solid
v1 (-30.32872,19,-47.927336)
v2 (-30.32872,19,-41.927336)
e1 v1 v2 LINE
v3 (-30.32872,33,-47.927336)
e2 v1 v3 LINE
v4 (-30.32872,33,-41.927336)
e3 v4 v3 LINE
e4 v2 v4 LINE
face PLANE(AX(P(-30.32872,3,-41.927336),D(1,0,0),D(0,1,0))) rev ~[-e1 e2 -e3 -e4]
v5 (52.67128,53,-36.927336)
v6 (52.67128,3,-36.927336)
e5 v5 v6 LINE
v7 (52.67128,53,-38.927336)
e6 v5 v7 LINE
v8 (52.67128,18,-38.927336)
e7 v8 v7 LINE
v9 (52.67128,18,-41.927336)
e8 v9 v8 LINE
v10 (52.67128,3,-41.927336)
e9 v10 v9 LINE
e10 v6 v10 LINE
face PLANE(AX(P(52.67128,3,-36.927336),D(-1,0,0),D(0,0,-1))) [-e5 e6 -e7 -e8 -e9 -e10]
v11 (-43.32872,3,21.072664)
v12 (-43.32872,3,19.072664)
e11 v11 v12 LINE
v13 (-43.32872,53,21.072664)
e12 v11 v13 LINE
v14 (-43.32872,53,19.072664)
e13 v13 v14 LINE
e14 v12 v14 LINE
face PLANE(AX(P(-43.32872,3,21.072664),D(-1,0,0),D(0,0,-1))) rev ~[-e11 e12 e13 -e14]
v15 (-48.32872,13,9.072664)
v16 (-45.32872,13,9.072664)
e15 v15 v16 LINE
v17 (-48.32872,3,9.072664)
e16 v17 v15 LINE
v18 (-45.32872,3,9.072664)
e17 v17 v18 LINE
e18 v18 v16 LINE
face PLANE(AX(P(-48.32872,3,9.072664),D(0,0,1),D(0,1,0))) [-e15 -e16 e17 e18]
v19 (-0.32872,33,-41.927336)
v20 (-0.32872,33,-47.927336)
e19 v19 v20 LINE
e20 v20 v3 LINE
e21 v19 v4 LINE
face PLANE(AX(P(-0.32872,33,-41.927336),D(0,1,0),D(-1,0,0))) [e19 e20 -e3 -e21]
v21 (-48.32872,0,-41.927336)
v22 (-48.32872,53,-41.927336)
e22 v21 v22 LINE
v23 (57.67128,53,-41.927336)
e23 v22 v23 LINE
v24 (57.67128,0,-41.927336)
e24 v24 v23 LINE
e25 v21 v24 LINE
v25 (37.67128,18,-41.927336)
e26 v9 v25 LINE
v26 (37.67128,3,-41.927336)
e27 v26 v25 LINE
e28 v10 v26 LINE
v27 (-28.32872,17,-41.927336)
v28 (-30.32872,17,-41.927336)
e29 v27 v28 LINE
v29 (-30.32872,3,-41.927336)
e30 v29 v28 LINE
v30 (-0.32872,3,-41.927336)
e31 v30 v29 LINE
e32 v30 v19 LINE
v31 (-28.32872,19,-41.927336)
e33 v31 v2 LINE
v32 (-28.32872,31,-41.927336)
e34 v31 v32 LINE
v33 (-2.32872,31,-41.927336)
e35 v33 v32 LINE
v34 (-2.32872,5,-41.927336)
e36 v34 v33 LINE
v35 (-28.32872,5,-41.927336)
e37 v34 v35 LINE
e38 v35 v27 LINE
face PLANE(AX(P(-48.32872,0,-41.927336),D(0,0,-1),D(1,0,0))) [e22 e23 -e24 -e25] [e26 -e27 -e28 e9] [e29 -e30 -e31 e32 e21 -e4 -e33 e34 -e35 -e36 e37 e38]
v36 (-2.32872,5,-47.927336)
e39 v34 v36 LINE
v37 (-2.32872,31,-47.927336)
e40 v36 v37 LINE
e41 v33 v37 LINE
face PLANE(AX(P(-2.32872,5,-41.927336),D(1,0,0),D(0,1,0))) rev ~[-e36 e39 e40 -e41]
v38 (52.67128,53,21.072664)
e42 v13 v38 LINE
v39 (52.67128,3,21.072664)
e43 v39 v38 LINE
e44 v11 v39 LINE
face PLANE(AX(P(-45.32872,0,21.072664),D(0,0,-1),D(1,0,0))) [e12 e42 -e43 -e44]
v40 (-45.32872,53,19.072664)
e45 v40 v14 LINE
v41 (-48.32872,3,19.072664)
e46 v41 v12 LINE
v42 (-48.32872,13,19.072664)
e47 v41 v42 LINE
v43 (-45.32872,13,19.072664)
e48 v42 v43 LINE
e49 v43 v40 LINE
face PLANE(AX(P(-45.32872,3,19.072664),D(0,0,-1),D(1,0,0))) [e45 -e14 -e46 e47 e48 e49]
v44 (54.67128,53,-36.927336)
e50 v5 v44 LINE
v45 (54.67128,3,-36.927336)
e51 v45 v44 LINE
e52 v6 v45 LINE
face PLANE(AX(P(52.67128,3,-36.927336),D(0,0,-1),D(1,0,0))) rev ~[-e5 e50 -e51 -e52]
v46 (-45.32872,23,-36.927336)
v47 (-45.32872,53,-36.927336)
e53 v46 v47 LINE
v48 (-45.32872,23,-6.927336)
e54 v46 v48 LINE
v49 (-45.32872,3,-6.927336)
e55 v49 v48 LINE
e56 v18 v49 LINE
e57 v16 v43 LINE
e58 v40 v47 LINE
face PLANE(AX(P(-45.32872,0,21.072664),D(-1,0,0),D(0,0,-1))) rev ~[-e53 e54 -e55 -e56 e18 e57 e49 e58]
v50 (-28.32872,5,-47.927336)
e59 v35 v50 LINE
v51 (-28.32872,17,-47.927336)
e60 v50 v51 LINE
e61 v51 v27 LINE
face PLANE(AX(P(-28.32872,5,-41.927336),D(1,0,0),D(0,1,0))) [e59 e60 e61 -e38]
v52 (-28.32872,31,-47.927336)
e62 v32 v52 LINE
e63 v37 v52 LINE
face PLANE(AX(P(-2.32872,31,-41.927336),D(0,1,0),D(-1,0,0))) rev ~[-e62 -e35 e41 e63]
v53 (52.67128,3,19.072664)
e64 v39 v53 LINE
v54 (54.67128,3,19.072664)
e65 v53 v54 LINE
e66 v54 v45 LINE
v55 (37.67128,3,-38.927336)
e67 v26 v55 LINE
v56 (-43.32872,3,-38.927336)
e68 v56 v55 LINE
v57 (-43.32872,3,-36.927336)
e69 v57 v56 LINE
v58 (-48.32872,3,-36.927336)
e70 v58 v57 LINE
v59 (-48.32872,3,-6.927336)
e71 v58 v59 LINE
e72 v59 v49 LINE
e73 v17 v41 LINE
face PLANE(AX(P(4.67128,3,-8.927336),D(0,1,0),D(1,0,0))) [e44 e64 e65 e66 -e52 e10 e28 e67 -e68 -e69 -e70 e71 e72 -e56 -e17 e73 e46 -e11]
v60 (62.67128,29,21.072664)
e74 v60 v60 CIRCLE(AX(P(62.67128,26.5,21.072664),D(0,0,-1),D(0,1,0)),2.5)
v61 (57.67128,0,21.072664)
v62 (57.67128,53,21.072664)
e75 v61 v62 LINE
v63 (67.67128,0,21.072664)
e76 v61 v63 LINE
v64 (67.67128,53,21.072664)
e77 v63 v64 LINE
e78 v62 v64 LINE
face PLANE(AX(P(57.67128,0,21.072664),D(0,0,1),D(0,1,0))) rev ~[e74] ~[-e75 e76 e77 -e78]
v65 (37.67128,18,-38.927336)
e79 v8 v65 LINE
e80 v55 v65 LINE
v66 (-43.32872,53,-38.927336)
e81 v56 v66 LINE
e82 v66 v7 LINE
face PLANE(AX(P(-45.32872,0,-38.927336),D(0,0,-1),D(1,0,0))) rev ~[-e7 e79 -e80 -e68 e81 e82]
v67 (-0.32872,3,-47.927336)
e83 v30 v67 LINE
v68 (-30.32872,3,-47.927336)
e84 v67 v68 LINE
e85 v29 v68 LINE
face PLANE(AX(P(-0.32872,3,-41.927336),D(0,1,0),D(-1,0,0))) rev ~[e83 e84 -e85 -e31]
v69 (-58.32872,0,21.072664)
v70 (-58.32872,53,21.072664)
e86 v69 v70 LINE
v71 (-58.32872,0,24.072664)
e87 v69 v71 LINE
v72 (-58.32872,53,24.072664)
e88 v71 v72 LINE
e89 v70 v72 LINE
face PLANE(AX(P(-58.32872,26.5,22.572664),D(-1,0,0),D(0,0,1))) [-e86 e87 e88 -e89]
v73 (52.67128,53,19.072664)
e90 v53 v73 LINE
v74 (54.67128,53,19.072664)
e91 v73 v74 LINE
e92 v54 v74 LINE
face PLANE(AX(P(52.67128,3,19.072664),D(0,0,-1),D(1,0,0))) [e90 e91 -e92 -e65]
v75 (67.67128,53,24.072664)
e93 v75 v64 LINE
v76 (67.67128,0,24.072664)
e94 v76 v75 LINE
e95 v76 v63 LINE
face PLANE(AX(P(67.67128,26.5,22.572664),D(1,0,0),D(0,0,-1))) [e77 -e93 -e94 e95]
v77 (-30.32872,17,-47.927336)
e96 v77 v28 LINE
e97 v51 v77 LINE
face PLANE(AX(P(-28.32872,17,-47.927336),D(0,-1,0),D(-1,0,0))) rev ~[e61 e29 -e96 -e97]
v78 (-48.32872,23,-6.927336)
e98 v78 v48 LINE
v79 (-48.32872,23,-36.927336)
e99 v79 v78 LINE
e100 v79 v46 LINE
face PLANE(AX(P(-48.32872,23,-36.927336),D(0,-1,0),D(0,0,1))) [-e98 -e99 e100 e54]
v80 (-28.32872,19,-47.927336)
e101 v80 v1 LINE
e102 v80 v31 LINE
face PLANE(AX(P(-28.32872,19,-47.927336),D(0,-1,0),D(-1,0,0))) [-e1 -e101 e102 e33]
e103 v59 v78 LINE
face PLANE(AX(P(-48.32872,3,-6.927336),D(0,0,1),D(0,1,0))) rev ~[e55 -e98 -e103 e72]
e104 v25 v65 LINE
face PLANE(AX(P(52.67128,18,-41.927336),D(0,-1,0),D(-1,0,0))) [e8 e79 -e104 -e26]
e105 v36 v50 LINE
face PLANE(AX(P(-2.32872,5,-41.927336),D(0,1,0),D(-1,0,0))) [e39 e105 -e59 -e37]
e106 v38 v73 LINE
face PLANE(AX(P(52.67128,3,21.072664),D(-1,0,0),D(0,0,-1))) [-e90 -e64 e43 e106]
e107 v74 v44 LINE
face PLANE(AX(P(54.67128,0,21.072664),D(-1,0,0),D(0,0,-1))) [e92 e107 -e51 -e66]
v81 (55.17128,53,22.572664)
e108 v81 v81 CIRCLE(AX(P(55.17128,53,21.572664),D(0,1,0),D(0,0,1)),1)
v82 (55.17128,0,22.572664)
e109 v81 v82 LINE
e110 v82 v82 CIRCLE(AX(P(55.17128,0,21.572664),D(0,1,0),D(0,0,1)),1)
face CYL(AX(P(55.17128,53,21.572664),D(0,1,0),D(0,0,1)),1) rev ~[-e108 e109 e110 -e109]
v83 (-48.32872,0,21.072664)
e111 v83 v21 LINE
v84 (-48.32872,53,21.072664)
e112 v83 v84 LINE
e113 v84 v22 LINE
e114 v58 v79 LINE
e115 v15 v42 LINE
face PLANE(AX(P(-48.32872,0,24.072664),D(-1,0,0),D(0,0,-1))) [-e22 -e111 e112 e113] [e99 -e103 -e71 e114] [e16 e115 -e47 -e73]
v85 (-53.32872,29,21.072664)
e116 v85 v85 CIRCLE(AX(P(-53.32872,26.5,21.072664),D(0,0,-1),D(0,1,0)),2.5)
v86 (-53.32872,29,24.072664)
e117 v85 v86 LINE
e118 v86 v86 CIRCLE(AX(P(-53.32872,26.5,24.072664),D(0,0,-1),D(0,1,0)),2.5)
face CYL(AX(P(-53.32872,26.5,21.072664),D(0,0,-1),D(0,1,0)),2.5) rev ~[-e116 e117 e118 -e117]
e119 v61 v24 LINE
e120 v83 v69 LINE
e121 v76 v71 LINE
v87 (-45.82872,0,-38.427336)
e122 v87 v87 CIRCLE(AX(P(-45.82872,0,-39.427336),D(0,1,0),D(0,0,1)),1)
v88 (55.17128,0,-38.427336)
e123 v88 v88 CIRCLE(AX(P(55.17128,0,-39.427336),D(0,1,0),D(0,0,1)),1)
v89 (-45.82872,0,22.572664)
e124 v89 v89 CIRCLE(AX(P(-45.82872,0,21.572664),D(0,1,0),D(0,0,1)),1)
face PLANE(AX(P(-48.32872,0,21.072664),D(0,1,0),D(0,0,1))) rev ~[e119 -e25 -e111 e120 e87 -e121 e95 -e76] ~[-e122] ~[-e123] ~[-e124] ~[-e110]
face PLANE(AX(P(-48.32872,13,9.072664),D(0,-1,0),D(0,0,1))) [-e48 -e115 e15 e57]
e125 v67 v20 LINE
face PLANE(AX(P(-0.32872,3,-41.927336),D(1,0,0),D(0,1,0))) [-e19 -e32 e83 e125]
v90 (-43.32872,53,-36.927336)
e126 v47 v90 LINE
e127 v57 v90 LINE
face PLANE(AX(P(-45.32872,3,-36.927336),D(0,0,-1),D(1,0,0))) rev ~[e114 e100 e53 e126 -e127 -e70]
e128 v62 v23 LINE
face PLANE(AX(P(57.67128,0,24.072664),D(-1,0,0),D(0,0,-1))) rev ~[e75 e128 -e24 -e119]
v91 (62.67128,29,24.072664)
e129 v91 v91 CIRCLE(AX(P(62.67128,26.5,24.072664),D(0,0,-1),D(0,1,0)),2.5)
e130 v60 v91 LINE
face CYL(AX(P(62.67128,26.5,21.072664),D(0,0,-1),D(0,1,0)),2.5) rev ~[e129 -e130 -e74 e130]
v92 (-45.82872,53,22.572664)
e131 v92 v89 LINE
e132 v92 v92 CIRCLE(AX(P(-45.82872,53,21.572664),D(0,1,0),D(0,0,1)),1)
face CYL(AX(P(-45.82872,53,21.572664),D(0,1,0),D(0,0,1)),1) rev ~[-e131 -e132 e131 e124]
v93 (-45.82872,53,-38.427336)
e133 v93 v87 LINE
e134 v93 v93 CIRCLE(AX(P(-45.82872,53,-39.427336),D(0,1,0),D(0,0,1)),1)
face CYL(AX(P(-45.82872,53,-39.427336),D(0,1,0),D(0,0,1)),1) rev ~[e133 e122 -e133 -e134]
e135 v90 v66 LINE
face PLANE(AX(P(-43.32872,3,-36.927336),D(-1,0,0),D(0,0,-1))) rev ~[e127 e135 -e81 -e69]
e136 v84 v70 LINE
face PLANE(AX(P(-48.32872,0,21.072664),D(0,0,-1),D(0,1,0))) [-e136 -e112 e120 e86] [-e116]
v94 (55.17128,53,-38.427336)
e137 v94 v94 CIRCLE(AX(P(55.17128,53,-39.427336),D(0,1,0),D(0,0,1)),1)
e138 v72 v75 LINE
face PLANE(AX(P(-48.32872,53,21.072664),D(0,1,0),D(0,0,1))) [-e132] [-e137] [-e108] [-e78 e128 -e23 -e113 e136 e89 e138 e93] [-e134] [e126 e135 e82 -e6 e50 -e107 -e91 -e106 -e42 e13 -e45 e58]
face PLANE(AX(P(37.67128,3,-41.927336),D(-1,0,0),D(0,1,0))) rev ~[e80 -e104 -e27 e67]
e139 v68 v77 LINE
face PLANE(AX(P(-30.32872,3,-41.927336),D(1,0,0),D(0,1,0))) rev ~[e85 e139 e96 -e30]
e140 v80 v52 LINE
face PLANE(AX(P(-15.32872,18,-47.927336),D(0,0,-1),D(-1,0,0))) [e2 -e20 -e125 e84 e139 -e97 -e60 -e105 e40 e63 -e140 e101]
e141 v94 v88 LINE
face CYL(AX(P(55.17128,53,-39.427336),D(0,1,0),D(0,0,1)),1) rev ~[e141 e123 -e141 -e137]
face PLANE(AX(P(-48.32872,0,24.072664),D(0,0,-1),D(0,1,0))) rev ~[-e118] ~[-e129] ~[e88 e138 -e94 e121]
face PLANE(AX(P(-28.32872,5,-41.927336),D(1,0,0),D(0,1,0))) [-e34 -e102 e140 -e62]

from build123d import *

# Parameters (mm, degrees)
CROQUIS1_W                   = 100
CROQUIS1_H                   = 60
SALIENTE_EXTRUIR1_DEPTH      = 3
SALIENTE_EXTRUIR2_DEPTH      = 50
SALIENTE_EXTRUIR2_DEPTH_BACK = 3
CROQUIS2_W                   = 106
CROQUIS2_H                   = 66
CROQUIS2_W_2                 = 100
CROQUIS2_H_2                 = 60
CROQUIS3_W                   = 2
CROQUIS3_H                   = 2
SALIENTE_EXTRUIR3_DEPTH      = 50
CROQUIS4_W                   = 30
CROQUIS4_H                   = 20
CROQUIS4_W_2                 = 10
CROQUIS4_H_2                 = 10
CORTAR_EXTRUIR2_DEPTH        = 24
CROQUIS5_W                   = 30
CROQUIS5_H                   = 30
CROQUIS5_W_2                 = 26
CROQUIS5_H_2                 = 26
SALIENTE_EXTRUIR4_DEPTH      = 6
CROQUIS6_W                   = 2
CROQUIS6_H                   = 2
CORTAR_EXTRUIR3_DEPTH        = 6
CROQUIS7_W                   = 15
CROQUIS7_H                   = 15
CORTAR_EXTRUIR4_DEPTH        = 6
CROQUIS8_R                   = 1
CORTAR_EXTRUIR5_DEPTH        = 53
CROQUIS9_W                   = 3
CROQUIS9_H                   = 53
SALIENTE_EXTRUIR5_DEPTH      = 10
CROQUIS10_W                  = 3
CROQUIS10_H                  = 53
SALIENTE_EXTRUIR6_DEPTH      = 10
CROQUIS12_R                  = 2.5
CORTAR_EXTRUIR6_DEPTH        = 10


with BuildPart() as part:
    # Croquis1 → Saliente-Extruir1 (new body)
    with BuildSketch(Plane(origin=(0, 0, 0), x_dir=(1, 0, 0), z_dir=(0, 1, 0))):
        with Locations((4.671280277, 8.92733564)):
            Rectangle(CROQUIS1_W, CROQUIS1_H)
    extrude(amount=SALIENTE_EXTRUIR1_DEPTH)

    # Croquis2 → Saliente-Extruir2 (add, two sides: drawn at the far end of the back side and taken through both)
    with BuildSketch(Plane(origin=(0, 3, 0), x_dir=(1, 0, 0), z_dir=(0, 1, 0)).offset(-SALIENTE_EXTRUIR2_DEPTH_BACK)):
        with Locations((4.671280277, 8.92733564)):
            Rectangle(CROQUIS2_W, CROQUIS2_H)
        with Locations((4.671280277, 8.92733564)):
            Rectangle(CROQUIS2_W_2, CROQUIS2_H_2, mode=Mode.SUBTRACT)
    extrude(amount=SALIENTE_EXTRUIR2_DEPTH + SALIENTE_EXTRUIR2_DEPTH_BACK)

    # Croquis3 → Saliente-Extruir3 (add)
    with BuildSketch(Plane(origin=(0, 3, 0), x_dir=(1, 0, 0), z_dir=(0, 1, 0))):
        with Locations((-44.328719723, 37.92733564)):
            Rectangle(CROQUIS3_W, CROQUIS3_H)
        with Locations((-44.328719723, -20.07266436)):
            Rectangle(CROQUIS3_W, CROQUIS3_H)
        with Locations((53.671280277, -20.07266436)):
            Rectangle(CROQUIS3_W, CROQUIS3_H)
        with Locations((53.671280277, 37.92733564)):
            Rectangle(CROQUIS3_W, CROQUIS3_H)
    extrude(amount=SALIENTE_EXTRUIR3_DEPTH)

    # Croquis4 → Cortar-Extruir2 (cut)
    with BuildSketch(Plane.ZY.offset(48.328719723)):
        with Locations((-21.92733564, 13)):
            Rectangle(CROQUIS4_W, CROQUIS4_H)
        with Locations((14.07266436, 8)):
            Rectangle(CROQUIS4_W_2, CROQUIS4_H_2)
    extrude(amount=-CORTAR_EXTRUIR2_DEPTH, mode=Mode.SUBTRACT)

    # Croquis5 → Saliente-Extruir4 (add)
    with BuildSketch(Plane(origin=(0, 0, -41.92733564), x_dir=(-1, 0, 0), z_dir=(0, 0, -1))):
        with Locations((15.328719723, 18)):
            Rectangle(CROQUIS5_W, CROQUIS5_H)
        with Locations((15.328719723, 18)):
            Rectangle(CROQUIS5_W_2, CROQUIS5_H_2, mode=Mode.SUBTRACT)
    extrude(amount=SALIENTE_EXTRUIR4_DEPTH)

    # Croquis6 → Cortar-Extruir3 (cut)
    with BuildSketch(Plane(origin=(0, 0, -47.92733564), x_dir=(-1, 0, 0), z_dir=(0, 0, -1))):
        with Locations((29.328719723, 18)):
            Rectangle(CROQUIS6_W, CROQUIS6_H)
    extrude(amount=-CORTAR_EXTRUIR3_DEPTH, mode=Mode.SUBTRACT)

    # Croquis7 → Cortar-Extruir4 (cut)
    with BuildSketch(Plane(origin=(0, 0, -41.92733564), x_dir=(-1, 0, 0), z_dir=(0, 0, -1))):
        with Locations((-45.171280277, 10.5)):
            Rectangle(CROQUIS7_W, CROQUIS7_H)
    extrude(amount=-CORTAR_EXTRUIR4_DEPTH, mode=Mode.SUBTRACT)

    # Croquis8 → Cortar-Extruir5 (cut)
    with BuildSketch(Plane(origin=(0, 53, 0), x_dir=(1, 0, 0), z_dir=(0, 1, 0))):
        with Locations(Location((-45.828719723, 39.42733564, 0), (0, 0, 270))):
            Circle(CROQUIS8_R)
        with Locations(Location((55.171280277, 39.42733564, 0), (0, 0, 270))):
            Circle(CROQUIS8_R)
        with Locations(Location((55.171280277, -21.57266436, 0), (0, 0, 270))):
            Circle(CROQUIS8_R)
        with Locations(Location((-45.828719723, -21.57266436, 0), (0, 0, 270))):
            Circle(CROQUIS8_R)
    extrude(amount=-CORTAR_EXTRUIR5_DEPTH, mode=Mode.SUBTRACT)

    # Croquis9 → Saliente-Extruir5 (add)
    with BuildSketch(Plane(origin=(57.671280277, 0, 0), x_dir=(0, 0, -1), z_dir=(1, 0, 0))):
        with Locations((-22.57266436, 26.5)):
            Rectangle(CROQUIS9_W, CROQUIS9_H)
    extrude(amount=SALIENTE_EXTRUIR5_DEPTH)

    # Croquis10 → Saliente-Extruir6 (add)
    with BuildSketch(Plane.ZY.offset(48.328719723)):
        with Locations((22.57266436, 26.5)):
            Rectangle(CROQUIS10_W, CROQUIS10_H)
    extrude(amount=SALIENTE_EXTRUIR6_DEPTH)

    # Croquis12 → Cortar-Extruir6 (cut)
    with BuildSketch(Plane(origin=(0, 0, 21.07266436), x_dir=(-1, 0, 0), z_dir=(0, 0, -1))):
        with Locations(Location((-62.671280277, 26.5, 0), (0, 0, 90))):
            Circle(CROQUIS12_R)
        with Locations(Location((53.328719723, 26.5, 0), (0, 0, 90))):
            Circle(CROQUIS12_R)
    extrude(amount=-CORTAR_EXTRUIR6_DEPTH, mode=Mode.SUBTRACT)


solid = part.part
